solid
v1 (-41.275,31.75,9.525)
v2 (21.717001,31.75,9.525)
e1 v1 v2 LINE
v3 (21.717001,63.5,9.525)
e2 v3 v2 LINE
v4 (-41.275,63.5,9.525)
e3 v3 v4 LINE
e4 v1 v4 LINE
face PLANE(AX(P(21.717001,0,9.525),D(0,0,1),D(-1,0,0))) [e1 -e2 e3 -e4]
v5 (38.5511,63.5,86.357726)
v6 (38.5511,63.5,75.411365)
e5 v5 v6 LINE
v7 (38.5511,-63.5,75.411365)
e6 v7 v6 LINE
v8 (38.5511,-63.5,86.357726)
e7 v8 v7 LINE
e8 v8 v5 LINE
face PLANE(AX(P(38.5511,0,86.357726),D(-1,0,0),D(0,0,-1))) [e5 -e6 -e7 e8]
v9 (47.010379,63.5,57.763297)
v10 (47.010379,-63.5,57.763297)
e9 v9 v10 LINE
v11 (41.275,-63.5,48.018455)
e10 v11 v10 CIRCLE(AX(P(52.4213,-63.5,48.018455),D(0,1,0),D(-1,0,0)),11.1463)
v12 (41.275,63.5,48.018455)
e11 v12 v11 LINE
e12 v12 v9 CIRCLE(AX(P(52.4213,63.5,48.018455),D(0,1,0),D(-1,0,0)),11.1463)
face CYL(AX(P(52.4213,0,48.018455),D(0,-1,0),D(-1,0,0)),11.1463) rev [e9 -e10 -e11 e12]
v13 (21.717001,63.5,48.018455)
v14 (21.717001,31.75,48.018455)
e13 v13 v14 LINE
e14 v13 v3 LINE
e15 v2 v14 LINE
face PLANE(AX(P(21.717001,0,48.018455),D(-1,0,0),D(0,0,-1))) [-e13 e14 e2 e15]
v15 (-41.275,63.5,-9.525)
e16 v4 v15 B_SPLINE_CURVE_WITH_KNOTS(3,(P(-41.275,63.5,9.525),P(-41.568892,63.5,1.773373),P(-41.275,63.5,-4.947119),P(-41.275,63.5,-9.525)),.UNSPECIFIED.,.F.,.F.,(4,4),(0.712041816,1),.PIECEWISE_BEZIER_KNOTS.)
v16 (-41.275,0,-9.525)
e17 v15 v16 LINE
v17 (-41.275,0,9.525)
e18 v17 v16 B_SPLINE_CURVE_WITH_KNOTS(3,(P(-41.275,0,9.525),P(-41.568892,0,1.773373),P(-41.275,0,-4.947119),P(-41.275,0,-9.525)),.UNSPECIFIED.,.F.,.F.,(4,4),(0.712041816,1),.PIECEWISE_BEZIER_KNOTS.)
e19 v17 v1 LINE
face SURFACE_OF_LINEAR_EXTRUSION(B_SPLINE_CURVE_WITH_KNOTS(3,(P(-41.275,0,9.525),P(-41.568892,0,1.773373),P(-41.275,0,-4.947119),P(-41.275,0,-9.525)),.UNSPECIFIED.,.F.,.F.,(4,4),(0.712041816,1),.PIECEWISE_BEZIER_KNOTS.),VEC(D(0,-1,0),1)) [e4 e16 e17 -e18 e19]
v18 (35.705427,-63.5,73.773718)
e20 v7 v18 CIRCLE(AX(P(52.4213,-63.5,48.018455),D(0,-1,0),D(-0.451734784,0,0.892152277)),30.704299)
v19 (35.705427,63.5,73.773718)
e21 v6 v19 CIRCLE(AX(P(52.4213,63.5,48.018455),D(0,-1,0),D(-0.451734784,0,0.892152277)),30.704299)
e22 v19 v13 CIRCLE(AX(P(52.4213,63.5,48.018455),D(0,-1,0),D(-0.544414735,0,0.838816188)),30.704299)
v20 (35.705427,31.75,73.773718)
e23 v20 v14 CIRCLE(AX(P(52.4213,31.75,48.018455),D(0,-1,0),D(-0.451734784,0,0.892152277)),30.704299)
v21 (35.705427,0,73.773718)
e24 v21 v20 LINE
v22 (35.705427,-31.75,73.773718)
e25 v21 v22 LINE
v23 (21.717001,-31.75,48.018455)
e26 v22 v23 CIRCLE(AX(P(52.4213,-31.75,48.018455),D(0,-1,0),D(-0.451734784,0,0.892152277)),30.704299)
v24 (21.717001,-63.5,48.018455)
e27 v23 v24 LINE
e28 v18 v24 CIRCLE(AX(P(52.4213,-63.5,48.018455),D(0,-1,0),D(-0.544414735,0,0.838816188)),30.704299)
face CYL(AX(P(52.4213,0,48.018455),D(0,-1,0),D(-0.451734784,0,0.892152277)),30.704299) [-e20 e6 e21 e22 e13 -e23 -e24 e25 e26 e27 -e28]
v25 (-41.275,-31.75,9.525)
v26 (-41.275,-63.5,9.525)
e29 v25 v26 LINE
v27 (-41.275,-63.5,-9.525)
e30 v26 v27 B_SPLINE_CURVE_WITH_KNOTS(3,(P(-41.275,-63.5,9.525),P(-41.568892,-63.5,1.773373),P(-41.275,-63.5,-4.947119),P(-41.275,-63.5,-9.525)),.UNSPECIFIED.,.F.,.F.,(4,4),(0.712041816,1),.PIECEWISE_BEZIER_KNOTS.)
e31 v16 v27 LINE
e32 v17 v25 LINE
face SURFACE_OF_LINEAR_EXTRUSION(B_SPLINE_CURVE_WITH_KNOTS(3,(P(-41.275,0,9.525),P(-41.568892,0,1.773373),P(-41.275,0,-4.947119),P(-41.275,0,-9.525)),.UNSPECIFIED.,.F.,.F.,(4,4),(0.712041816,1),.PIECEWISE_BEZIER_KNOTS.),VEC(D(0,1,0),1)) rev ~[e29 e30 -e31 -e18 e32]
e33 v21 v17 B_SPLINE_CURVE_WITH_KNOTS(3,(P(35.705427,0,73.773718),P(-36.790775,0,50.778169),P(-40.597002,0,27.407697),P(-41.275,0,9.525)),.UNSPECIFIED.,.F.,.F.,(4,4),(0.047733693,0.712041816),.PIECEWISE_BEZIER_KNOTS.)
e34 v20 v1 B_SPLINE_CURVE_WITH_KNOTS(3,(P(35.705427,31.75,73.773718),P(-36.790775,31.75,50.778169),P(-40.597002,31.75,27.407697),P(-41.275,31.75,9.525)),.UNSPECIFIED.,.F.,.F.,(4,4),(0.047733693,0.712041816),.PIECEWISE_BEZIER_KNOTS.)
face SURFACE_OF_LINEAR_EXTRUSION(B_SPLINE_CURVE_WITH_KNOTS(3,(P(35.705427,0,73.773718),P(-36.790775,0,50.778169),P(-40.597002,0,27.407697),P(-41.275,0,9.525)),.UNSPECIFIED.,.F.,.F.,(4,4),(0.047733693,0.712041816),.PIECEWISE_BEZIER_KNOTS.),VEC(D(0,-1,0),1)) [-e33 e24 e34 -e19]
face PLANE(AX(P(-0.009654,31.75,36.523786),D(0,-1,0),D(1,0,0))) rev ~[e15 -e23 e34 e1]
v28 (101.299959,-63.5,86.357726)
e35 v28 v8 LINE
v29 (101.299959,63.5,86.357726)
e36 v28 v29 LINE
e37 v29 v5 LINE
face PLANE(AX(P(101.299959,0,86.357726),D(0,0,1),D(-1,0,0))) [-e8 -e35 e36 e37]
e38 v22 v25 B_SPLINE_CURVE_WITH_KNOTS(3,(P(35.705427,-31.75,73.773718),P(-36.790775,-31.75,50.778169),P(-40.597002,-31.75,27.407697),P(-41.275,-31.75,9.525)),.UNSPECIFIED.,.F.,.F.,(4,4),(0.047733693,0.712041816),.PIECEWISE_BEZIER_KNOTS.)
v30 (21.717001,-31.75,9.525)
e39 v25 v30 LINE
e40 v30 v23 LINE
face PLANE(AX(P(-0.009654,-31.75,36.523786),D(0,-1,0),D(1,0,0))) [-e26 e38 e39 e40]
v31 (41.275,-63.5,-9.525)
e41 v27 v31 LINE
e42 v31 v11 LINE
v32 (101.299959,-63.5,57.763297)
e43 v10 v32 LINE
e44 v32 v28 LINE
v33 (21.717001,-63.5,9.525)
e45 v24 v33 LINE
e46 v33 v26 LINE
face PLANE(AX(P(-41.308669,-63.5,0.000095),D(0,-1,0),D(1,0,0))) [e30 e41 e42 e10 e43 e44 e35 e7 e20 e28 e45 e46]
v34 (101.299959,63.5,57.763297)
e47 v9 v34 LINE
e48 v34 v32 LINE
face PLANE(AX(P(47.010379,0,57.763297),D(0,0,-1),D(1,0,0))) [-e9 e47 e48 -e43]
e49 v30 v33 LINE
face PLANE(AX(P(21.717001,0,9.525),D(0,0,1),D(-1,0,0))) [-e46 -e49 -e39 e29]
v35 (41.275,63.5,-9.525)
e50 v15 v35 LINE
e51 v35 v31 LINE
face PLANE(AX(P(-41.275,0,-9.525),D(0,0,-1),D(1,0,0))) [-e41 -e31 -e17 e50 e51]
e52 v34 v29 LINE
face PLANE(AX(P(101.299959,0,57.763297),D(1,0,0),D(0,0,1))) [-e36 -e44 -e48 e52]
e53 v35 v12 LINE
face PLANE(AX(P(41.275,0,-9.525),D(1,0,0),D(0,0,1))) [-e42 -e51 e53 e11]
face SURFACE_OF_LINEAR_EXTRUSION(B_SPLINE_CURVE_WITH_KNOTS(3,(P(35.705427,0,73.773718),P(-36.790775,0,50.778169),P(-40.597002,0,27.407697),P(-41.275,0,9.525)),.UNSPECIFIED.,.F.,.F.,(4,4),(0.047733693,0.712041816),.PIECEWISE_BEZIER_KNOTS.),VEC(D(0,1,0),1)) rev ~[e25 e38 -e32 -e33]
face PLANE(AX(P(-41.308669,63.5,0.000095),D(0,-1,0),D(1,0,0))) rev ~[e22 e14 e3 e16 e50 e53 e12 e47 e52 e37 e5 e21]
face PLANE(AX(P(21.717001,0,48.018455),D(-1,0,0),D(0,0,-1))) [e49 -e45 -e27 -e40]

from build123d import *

# Parameters (mm, degrees)
F1_DEPTH = 63.5
F2_DEPTH = 31.75


with BuildPart() as f1:
    # F0 (on Front) → F1 (new body, symmetric)
    with BuildSketch(Plane.XZ):
        with BuildLine():
            Line((-41.275, -9.525), (-41.275, 9.525))
            add(Edge.make_bspline(
                [(-41.275, 9.525), (-41.5688923629, 1.7733725422), (-41.275, -4.9471189268), (-41.275, -9.525)],
                knots=[0.7120418159, 0.7120418159, 0.7120418159, 0.7120418159, 1, 1, 1, 1], degree=3))
        make_face()
        with BuildLine():
            ThreePointArc((52.4212995752, 59.16475485), (49.6265658999, 58.808703553), (47.0103791125, 57.7632966777))
            Line((47.0103791125, 57.7632966777), (86.397403326, 57.7632966777))
            Line((86.397403326, 57.7632966777), (86.397403326, 59.16475485))
            Line((86.397403326, 59.16475485), (52.4212995752, 59.16475485))
        make_face()
        with BuildLine():
            ThreePointArc((38.5510997703, 75.4113653713), (37.1063581812, 74.6306054375), (35.7054268763, 73.7737181564))
            add(Edge.make_bspline(
                [(38.5510997703, 74.6651904367), (37.5909721865, 74.3681040854), (36.6424617453, 74.0709424387), (35.7054268763, 73.7737181564)],
                knots=[0.0391473142, 0.0391473142, 0.0391473142, 0.0391473142, 0.0477336933, 0.0477336933, 0.0477336933, 0.0477336933], degree=3))
            Line((38.5510997703, 74.6651904367), (38.5510997703, 75.4113653713))
        make_face()
        Polygon((21.7170007527, 9.525), (-41.275, 9.525), (-41.275, -9.525), (41.275, -9.525), (41.275, 9.525), align=None)
        Polygon((101.2999585645, 86.3577260793), (86.397403326, 86.3577260793), (86.397403326, 78.7227540974), (86.397403326, 59.16475485), (86.397403326, 57.7632966777), (101.2999585645, 57.7632966777), align=None)
        with BuildLine():
            Line((38.5510997703, 86.3577260793), (38.5510997703, 75.4113653713))
            ThreePointArc((38.5510997703, 75.4113653713), (45.2912971572, 77.8834352966), (52.4212995752, 78.7227540974))
            Line((52.4212995752, 78.7227540974), (86.397403326, 78.7227540974))
            Line((86.397403326, 78.7227540974), (86.397403326, 86.3577260793))
            Line((86.397403326, 86.3577260793), (38.5510997703, 86.3577260793))
        make_face()
        with BuildLine():
            ThreePointArc((52.4212995752, 78.7227540974), (45.2912971572, 77.8834352966), (38.5510997703, 75.4113653713))
            Line((38.5510997703, 75.4113653713), (38.5510997703, 74.6651904367))
            add(Edge.make_bspline(
                [(52.4212995752, 78.7227540974), (47.5474740373, 77.3725978521), (42.9285463565, 76.0196767117), (38.5510997703, 74.6651904367)],
                knots=[0, 0, 0, 0, 0.0391473142, 0.0391473142, 0.0391473142, 0.0391473142], degree=3))
        make_face()
        with BuildLine():
            Line((21.7170007527, 48.0184552748), (21.7170007527, 9.525))
            Line((21.7170007527, 9.525), (41.275, 9.525))
            Line((41.275, 9.525), (41.275, 48.0184552748))
            ThreePointArc((41.275, 48.0184552748), (42.8152667136, 53.6721378696), (47.0103791125, 57.7632966777))
            Line((47.0103791125, 57.7632966777), (38.5510997703, 57.7632966777))
            Line((38.5510997703, 57.7632966777), (38.5510997703, 74.6651904367))
            add(Edge.make_bspline(
                [(38.5510997703, 74.6651904367), (37.5909721865, 74.3681040854), (36.6424617453, 74.0709424387), (35.7054268763, 73.7737181564)],
                knots=[0.0391473142, 0.0391473142, 0.0391473142, 0.0391473142, 0.0477336933, 0.0477336933, 0.0477336933, 0.0477336933], degree=3))
            ThreePointArc((35.7054268763, 73.7737181564), (25.4397955715, 62.6728883201), (21.7170007527, 48.0184552748))
        make_face()
        with BuildLine():
            add(Edge.make_bspline(
                [(52.4212995752, 78.7227540974), (47.5474740373, 77.3725978521), (42.9285463565, 76.0196767117), (38.5510997703, 74.6651904367)],
                knots=[0, 0, 0, 0, 0.0391473142, 0.0391473142, 0.0391473142, 0.0391473142], degree=3))
            Line((38.5510997703, 74.6651904367), (38.5510997703, 57.7632966777))
            Line((38.5510997703, 57.7632966777), (47.0103791125, 57.7632966777))
            ThreePointArc((47.0103791125, 57.7632966777), (49.6265658999, 58.808703553), (52.4212995752, 59.16475485))
            Line((52.4212995752, 59.16475485), (86.397403326, 59.16475485))
            Line((86.397403326, 59.16475485), (86.397403326, 78.7227540974))
            Line((86.397403326, 78.7227540974), (52.4212995752, 78.7227540974))
        make_face()
    extrude(amount=F1_DEPTH, both=True)

    # F0 (on Front) → F2 (join, symmetric)
    with BuildSketch(Plane.XZ):
        with BuildLine():
            add(Edge.make_bspline(
                [(35.7054268763, 73.7737181564), (-36.7907746981, 50.7781688963), (-40.5970019621, 27.4076974473), (-41.275, 9.525)],
                knots=[0.0477336933, 0.0477336933, 0.0477336933, 0.0477336933, 0.7120418159, 0.7120418159, 0.7120418159, 0.7120418159], degree=3))
            Line((-41.275, 9.525), (21.7170007527, 9.525))
            Line((21.7170007527, 9.525), (21.7170007527, 48.0184552748))
            ThreePointArc((21.7170007527, 48.0184552748), (25.4397955715, 62.6728883201), (35.7054268763, 73.7737181564))
        make_face()
        Polygon((21.7170007527, 9.525), (-41.275, 9.525), (-41.275, -9.525), (41.275, -9.525), (41.275, 9.525), align=None)
        with BuildLine():
            Line((-41.275, -9.525), (-41.275, 9.525))
            add(Edge.make_bspline(
                [(-41.275, 9.525), (-41.5688923629, 1.7733725422), (-41.275, -4.9471189268), (-41.275, -9.525)],
                knots=[0.7120418159, 0.7120418159, 0.7120418159, 0.7120418159, 1, 1, 1, 1], degree=3))
        make_face()
        with BuildLine():
            Line((21.7170007527, 48.0184552748), (21.7170007527, 9.525))
            Line((21.7170007527, 9.525), (41.275, 9.525))
            Line((41.275, 9.525), (41.275, 48.0184552748))
            ThreePointArc((41.275, 48.0184552748), (42.8152667136, 53.6721378696), (47.0103791125, 57.7632966777))
            Line((47.0103791125, 57.7632966777), (38.5510997703, 57.7632966777))
            Line((38.5510997703, 57.7632966777), (38.5510997703, 74.6651904367))
            add(Edge.make_bspline(
                [(38.5510997703, 74.6651904367), (37.5909721865, 74.3681040854), (36.6424617453, 74.0709424387), (35.7054268763, 73.7737181564)],
                knots=[0.0391473142, 0.0391473142, 0.0391473142, 0.0391473142, 0.0477336933, 0.0477336933, 0.0477336933, 0.0477336933], degree=3))
            ThreePointArc((35.7054268763, 73.7737181564), (25.4397955715, 62.6728883201), (21.7170007527, 48.0184552748))
        make_face()
        with BuildLine():
            ThreePointArc((38.5510997703, 75.4113653713), (37.1063581812, 74.6306054375), (35.7054268763, 73.7737181564))
            add(Edge.make_bspline(
                [(38.5510997703, 74.6651904367), (37.5909721865, 74.3681040854), (36.6424617453, 74.0709424387), (35.7054268763, 73.7737181564)],
                knots=[0.0391473142, 0.0391473142, 0.0391473142, 0.0391473142, 0.0477336933, 0.0477336933, 0.0477336933, 0.0477336933], degree=3))
            Line((38.5510997703, 74.6651904367), (38.5510997703, 75.4113653713))
        make_face()
        with BuildLine():
            ThreePointArc((52.4212995752, 78.7227540974), (45.2912971572, 77.8834352966), (38.5510997703, 75.4113653713))
            Line((38.5510997703, 75.4113653713), (38.5510997703, 74.6651904367))
            add(Edge.make_bspline(
                [(52.4212995752, 78.7227540974), (47.5474740373, 77.3725978521), (42.9285463565, 76.0196767117), (38.5510997703, 74.6651904367)],
                knots=[0, 0, 0, 0, 0.0391473142, 0.0391473142, 0.0391473142, 0.0391473142], degree=3))
        make_face()
        with BuildLine():
            Line((38.5510997703, 86.3577260793), (38.5510997703, 75.4113653713))
            ThreePointArc((38.5510997703, 75.4113653713), (45.2912971572, 77.8834352966), (52.4212995752, 78.7227540974))
            Line((52.4212995752, 78.7227540974), (86.397403326, 78.7227540974))
            Line((86.397403326, 78.7227540974), (86.397403326, 86.3577260793))
            Line((86.397403326, 86.3577260793), (38.5510997703, 86.3577260793))
        make_face()
        with BuildLine():
            add(Edge.make_bspline(
                [(52.4212995752, 78.7227540974), (47.5474740373, 77.3725978521), (42.9285463565, 76.0196767117), (38.5510997703, 74.6651904367)],
                knots=[0, 0, 0, 0, 0.0391473142, 0.0391473142, 0.0391473142, 0.0391473142], degree=3))
            Line((38.5510997703, 74.6651904367), (38.5510997703, 57.7632966777))
            Line((38.5510997703, 57.7632966777), (47.0103791125, 57.7632966777))
            ThreePointArc((47.0103791125, 57.7632966777), (49.6265658999, 58.808703553), (52.4212995752, 59.16475485))
            Line((52.4212995752, 59.16475485), (86.397403326, 59.16475485))
            Line((86.397403326, 59.16475485), (86.397403326, 78.7227540974))
            Line((86.397403326, 78.7227540974), (52.4212995752, 78.7227540974))
        make_face()
        with BuildLine():
            ThreePointArc((52.4212995752, 59.16475485), (49.6265658999, 58.808703553), (47.0103791125, 57.7632966777))
            Line((47.0103791125, 57.7632966777), (86.397403326, 57.7632966777))
            Line((86.397403326, 57.7632966777), (86.397403326, 59.16475485))
            Line((86.397403326, 59.16475485), (52.4212995752, 59.16475485))
        make_face()
        Polygon((101.2999585645, 86.3577260793), (86.397403326, 86.3577260793), (86.397403326, 78.7227540974), (86.397403326, 59.16475485), (86.397403326, 57.7632966777), (101.2999585645, 57.7632966777), align=None)
    extrude(amount=F2_DEPTH, both=True)


solid = f1.part
